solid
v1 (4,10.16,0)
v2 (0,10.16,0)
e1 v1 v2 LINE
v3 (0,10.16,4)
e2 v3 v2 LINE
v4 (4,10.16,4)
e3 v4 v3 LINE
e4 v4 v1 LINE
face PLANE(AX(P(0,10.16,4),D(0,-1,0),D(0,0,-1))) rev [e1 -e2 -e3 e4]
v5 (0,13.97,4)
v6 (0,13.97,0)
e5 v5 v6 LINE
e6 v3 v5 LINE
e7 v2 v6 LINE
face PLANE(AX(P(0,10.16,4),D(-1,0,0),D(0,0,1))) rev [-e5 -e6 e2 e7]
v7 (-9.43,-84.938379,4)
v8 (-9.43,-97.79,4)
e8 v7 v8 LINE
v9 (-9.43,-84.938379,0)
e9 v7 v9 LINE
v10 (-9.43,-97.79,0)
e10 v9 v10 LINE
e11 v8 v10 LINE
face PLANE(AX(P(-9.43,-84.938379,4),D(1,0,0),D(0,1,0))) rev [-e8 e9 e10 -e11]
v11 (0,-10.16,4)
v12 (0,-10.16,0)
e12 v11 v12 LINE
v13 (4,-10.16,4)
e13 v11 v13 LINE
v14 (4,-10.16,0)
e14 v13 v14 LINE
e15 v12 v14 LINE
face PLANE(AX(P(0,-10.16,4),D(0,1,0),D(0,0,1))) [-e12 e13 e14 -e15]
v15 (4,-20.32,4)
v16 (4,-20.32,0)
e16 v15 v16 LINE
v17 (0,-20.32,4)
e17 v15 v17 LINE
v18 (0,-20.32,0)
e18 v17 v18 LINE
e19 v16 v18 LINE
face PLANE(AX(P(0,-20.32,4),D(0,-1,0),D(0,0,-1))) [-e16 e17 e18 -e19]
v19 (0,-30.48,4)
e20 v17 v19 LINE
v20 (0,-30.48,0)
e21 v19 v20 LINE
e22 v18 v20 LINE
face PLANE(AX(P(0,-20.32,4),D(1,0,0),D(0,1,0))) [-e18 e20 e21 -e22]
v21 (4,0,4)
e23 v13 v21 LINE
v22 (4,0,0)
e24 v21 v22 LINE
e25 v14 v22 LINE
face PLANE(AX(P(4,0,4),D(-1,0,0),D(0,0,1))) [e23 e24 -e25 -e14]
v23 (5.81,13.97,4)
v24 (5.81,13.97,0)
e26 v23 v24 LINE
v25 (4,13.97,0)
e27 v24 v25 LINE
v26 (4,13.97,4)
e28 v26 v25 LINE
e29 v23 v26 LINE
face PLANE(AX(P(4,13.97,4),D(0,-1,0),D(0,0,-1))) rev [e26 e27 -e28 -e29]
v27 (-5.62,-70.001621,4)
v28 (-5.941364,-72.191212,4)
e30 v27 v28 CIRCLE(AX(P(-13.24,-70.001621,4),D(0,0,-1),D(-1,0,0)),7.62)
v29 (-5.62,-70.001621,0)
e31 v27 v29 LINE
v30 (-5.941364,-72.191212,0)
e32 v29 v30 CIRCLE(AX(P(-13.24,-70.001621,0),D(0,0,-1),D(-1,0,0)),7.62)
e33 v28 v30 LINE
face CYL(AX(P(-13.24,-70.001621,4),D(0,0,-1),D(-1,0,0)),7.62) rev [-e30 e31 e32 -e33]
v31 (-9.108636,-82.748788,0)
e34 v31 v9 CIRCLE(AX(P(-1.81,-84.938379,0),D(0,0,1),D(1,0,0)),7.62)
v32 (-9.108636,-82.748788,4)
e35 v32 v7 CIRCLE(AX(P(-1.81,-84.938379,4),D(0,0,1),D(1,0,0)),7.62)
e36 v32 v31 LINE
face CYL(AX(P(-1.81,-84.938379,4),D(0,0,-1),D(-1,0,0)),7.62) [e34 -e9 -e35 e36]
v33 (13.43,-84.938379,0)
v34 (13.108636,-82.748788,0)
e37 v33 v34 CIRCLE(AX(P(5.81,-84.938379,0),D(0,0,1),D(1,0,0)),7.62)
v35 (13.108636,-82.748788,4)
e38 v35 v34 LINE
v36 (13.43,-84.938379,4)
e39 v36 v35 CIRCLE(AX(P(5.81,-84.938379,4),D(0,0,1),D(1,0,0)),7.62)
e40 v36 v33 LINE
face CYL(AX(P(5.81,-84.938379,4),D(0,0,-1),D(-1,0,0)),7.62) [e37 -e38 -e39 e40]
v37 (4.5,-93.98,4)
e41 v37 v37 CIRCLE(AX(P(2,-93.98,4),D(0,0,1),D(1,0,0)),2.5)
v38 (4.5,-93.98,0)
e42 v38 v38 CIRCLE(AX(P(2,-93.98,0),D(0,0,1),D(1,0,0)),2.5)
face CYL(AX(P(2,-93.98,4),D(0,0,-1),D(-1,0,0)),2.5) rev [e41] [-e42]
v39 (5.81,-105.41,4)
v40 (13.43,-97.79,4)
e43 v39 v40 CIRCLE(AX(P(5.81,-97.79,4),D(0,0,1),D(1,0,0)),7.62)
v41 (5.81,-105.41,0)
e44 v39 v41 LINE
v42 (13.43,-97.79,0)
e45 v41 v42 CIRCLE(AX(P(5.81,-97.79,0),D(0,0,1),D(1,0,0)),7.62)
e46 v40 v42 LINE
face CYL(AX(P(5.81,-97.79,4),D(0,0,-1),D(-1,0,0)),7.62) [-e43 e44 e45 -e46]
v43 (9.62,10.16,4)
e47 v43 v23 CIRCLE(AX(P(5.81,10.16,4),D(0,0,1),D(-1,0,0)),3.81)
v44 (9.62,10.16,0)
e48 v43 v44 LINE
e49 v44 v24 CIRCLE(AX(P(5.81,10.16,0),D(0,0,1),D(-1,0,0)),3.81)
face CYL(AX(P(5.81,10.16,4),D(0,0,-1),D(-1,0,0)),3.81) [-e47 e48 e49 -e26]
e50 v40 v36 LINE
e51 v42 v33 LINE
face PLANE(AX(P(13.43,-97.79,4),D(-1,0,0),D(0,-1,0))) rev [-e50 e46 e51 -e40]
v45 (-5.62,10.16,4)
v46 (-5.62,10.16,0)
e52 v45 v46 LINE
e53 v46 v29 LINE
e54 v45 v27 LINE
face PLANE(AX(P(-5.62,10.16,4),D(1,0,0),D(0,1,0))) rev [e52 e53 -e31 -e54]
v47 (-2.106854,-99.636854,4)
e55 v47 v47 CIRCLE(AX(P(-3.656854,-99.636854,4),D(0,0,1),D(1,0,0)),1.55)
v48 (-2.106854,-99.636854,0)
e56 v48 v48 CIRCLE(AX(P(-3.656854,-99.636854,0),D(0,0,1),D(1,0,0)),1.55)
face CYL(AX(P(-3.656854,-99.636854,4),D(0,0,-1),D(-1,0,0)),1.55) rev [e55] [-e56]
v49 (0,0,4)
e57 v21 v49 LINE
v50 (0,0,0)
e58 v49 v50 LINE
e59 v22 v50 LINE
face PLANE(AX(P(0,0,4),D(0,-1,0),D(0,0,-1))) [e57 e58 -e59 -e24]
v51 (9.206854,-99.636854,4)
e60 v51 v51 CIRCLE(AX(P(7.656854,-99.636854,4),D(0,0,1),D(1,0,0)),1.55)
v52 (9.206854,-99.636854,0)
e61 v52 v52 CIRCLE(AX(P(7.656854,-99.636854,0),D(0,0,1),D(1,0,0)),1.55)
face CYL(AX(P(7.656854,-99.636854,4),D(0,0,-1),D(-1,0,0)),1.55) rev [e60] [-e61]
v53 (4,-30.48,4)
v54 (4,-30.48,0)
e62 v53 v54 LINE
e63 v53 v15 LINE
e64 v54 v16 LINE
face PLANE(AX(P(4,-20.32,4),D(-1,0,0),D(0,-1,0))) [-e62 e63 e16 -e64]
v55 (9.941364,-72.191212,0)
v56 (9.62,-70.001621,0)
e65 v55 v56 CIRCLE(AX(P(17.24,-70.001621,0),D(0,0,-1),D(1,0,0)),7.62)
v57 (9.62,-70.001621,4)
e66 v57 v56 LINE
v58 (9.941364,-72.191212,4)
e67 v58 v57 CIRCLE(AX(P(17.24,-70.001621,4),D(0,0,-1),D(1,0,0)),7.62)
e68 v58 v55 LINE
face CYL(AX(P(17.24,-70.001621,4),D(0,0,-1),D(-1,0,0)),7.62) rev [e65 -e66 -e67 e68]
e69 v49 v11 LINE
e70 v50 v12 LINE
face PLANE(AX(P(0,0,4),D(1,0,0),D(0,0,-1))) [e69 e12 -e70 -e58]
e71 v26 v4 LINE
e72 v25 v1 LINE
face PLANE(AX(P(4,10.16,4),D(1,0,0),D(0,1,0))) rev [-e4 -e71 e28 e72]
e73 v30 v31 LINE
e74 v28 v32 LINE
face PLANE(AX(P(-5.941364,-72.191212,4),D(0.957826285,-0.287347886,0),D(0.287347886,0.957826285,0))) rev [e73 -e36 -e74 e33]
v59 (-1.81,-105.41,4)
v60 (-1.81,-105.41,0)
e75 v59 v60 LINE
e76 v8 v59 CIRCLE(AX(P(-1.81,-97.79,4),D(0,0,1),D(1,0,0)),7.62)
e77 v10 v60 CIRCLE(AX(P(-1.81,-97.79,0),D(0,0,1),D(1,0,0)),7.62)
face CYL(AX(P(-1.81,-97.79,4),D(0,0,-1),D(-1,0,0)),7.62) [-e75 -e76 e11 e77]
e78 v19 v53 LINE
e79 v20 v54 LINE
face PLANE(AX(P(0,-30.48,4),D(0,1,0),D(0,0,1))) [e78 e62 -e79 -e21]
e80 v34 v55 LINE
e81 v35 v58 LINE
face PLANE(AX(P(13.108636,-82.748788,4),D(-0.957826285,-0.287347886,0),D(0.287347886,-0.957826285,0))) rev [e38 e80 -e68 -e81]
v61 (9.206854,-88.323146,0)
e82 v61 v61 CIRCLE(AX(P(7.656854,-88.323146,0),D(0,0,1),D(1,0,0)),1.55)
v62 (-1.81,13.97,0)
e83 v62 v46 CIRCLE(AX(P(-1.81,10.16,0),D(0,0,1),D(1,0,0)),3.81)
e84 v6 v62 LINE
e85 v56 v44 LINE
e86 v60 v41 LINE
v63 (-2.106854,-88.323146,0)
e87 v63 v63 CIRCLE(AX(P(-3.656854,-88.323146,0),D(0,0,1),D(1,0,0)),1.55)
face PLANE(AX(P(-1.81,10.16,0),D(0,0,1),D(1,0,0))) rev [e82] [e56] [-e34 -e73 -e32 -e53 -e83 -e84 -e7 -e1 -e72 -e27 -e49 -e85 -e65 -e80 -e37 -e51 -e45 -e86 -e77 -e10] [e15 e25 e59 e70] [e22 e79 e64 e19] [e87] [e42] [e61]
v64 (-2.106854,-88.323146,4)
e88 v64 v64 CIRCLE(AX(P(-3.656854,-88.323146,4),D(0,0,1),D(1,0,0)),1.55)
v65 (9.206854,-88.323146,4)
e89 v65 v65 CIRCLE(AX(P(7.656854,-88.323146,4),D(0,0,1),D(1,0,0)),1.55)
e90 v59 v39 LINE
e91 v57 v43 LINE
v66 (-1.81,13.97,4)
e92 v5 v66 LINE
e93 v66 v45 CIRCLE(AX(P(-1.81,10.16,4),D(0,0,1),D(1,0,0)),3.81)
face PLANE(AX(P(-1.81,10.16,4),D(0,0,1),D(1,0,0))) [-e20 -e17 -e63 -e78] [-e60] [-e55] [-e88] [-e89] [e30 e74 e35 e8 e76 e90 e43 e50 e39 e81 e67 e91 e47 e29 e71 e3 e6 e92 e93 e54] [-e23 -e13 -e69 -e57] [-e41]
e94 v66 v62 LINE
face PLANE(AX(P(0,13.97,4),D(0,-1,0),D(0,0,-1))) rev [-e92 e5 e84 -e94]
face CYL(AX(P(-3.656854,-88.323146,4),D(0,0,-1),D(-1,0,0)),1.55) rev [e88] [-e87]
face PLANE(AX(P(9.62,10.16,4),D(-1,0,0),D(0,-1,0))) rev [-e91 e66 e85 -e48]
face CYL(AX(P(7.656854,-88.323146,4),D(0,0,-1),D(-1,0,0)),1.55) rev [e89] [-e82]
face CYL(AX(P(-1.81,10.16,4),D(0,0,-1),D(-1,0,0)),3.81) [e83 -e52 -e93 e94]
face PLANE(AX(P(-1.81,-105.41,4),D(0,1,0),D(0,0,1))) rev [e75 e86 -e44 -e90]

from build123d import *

# Parameters (mm, degrees)
SKETCH1_R           = 2.5
SKETCH1_R_2         = 1.55
SKETCH1_W           = 4
SKETCH1_H           = 10.16
BOSS_EXTRUDE1_DEPTH = 4


with BuildPart() as part:
    # Sketch1 → Boss-Extrude1 (new body)
    with BuildSketch(Plane.XY):
        with BuildLine():
            Line((0, 10.16), (4, 10.16))
            Line((4, 10.16), (4, 13.97))
            Line((4, 13.97), (5.81, 13.97))
            ThreePointArc((5.81, 13.97), (8.504076836, 12.854076836), (9.62, 10.16))
            Line((9.62, 10.16), (9.62, -70.001621467))
            ThreePointArc((9.62, -70.001621467), (9.700768986, -71.10814563), (9.941363707, -72.191212355))
            Line((9.941363707, -72.191212355), (13.108636293, -82.748787645))
            ThreePointArc((13.108636293, -82.748787645), (13.349231014, -83.83185437), (13.43, -84.938378533))
            Line((13.43, -84.938378533), (13.43, -97.79))
            ThreePointArc((13.43, -97.79), (11.198153673, -103.178153673), (5.81, -105.41))
            Line((5.81, -105.41), (-1.81, -105.41))
            ThreePointArc((-1.81, -105.41), (-7.198153673, -103.178153673), (-9.43, -97.79))
            Line((-9.43, -97.79), (-9.43, -84.938378533))
            ThreePointArc((-9.43, -84.938378533), (-9.349231014, -83.83185437), (-9.108636293, -82.748787645))
            Line((-9.108636293, -82.748787645), (-5.941363707, -72.191212355))
            ThreePointArc((-5.941363707, -72.191212355), (-5.700768986, -71.10814563), (-5.62, -70.001621467))
            Line((-5.62, -70.001621467), (-5.62, 10.16))
            ThreePointArc((-5.62, 10.16), (-4.504076836, 12.854076836), (-1.81, 13.97))
            Line((-1.81, 13.97), (0, 13.97))
            Line((0, 13.97), (0, 10.16))
        make_face()
        with Locations((2, -93.98)):
            Circle(SKETCH1_R, mode=Mode.SUBTRACT)
        with Locations((7.656854249, -88.323145751)):
            Circle(SKETCH1_R_2, mode=Mode.SUBTRACT)
        with Locations((-3.656854249, -88.323145751)):
            Circle(SKETCH1_R_2, mode=Mode.SUBTRACT)
        with Locations((-3.656854249, -99.636854249)):
            Circle(SKETCH1_R_2, mode=Mode.SUBTRACT)
        with Locations((7.656854249, -99.636854249)):
            Circle(SKETCH1_R_2, mode=Mode.SUBTRACT)
        with Locations((2, -5.08)):
            Rectangle(SKETCH1_W, SKETCH1_H, mode=Mode.SUBTRACT)
        with Locations((2, -25.4)):
            Rectangle(SKETCH1_W, SKETCH1_H, mode=Mode.SUBTRACT)
    extrude(amount=BOSS_EXTRUDE1_DEPTH)


solid = part.part
